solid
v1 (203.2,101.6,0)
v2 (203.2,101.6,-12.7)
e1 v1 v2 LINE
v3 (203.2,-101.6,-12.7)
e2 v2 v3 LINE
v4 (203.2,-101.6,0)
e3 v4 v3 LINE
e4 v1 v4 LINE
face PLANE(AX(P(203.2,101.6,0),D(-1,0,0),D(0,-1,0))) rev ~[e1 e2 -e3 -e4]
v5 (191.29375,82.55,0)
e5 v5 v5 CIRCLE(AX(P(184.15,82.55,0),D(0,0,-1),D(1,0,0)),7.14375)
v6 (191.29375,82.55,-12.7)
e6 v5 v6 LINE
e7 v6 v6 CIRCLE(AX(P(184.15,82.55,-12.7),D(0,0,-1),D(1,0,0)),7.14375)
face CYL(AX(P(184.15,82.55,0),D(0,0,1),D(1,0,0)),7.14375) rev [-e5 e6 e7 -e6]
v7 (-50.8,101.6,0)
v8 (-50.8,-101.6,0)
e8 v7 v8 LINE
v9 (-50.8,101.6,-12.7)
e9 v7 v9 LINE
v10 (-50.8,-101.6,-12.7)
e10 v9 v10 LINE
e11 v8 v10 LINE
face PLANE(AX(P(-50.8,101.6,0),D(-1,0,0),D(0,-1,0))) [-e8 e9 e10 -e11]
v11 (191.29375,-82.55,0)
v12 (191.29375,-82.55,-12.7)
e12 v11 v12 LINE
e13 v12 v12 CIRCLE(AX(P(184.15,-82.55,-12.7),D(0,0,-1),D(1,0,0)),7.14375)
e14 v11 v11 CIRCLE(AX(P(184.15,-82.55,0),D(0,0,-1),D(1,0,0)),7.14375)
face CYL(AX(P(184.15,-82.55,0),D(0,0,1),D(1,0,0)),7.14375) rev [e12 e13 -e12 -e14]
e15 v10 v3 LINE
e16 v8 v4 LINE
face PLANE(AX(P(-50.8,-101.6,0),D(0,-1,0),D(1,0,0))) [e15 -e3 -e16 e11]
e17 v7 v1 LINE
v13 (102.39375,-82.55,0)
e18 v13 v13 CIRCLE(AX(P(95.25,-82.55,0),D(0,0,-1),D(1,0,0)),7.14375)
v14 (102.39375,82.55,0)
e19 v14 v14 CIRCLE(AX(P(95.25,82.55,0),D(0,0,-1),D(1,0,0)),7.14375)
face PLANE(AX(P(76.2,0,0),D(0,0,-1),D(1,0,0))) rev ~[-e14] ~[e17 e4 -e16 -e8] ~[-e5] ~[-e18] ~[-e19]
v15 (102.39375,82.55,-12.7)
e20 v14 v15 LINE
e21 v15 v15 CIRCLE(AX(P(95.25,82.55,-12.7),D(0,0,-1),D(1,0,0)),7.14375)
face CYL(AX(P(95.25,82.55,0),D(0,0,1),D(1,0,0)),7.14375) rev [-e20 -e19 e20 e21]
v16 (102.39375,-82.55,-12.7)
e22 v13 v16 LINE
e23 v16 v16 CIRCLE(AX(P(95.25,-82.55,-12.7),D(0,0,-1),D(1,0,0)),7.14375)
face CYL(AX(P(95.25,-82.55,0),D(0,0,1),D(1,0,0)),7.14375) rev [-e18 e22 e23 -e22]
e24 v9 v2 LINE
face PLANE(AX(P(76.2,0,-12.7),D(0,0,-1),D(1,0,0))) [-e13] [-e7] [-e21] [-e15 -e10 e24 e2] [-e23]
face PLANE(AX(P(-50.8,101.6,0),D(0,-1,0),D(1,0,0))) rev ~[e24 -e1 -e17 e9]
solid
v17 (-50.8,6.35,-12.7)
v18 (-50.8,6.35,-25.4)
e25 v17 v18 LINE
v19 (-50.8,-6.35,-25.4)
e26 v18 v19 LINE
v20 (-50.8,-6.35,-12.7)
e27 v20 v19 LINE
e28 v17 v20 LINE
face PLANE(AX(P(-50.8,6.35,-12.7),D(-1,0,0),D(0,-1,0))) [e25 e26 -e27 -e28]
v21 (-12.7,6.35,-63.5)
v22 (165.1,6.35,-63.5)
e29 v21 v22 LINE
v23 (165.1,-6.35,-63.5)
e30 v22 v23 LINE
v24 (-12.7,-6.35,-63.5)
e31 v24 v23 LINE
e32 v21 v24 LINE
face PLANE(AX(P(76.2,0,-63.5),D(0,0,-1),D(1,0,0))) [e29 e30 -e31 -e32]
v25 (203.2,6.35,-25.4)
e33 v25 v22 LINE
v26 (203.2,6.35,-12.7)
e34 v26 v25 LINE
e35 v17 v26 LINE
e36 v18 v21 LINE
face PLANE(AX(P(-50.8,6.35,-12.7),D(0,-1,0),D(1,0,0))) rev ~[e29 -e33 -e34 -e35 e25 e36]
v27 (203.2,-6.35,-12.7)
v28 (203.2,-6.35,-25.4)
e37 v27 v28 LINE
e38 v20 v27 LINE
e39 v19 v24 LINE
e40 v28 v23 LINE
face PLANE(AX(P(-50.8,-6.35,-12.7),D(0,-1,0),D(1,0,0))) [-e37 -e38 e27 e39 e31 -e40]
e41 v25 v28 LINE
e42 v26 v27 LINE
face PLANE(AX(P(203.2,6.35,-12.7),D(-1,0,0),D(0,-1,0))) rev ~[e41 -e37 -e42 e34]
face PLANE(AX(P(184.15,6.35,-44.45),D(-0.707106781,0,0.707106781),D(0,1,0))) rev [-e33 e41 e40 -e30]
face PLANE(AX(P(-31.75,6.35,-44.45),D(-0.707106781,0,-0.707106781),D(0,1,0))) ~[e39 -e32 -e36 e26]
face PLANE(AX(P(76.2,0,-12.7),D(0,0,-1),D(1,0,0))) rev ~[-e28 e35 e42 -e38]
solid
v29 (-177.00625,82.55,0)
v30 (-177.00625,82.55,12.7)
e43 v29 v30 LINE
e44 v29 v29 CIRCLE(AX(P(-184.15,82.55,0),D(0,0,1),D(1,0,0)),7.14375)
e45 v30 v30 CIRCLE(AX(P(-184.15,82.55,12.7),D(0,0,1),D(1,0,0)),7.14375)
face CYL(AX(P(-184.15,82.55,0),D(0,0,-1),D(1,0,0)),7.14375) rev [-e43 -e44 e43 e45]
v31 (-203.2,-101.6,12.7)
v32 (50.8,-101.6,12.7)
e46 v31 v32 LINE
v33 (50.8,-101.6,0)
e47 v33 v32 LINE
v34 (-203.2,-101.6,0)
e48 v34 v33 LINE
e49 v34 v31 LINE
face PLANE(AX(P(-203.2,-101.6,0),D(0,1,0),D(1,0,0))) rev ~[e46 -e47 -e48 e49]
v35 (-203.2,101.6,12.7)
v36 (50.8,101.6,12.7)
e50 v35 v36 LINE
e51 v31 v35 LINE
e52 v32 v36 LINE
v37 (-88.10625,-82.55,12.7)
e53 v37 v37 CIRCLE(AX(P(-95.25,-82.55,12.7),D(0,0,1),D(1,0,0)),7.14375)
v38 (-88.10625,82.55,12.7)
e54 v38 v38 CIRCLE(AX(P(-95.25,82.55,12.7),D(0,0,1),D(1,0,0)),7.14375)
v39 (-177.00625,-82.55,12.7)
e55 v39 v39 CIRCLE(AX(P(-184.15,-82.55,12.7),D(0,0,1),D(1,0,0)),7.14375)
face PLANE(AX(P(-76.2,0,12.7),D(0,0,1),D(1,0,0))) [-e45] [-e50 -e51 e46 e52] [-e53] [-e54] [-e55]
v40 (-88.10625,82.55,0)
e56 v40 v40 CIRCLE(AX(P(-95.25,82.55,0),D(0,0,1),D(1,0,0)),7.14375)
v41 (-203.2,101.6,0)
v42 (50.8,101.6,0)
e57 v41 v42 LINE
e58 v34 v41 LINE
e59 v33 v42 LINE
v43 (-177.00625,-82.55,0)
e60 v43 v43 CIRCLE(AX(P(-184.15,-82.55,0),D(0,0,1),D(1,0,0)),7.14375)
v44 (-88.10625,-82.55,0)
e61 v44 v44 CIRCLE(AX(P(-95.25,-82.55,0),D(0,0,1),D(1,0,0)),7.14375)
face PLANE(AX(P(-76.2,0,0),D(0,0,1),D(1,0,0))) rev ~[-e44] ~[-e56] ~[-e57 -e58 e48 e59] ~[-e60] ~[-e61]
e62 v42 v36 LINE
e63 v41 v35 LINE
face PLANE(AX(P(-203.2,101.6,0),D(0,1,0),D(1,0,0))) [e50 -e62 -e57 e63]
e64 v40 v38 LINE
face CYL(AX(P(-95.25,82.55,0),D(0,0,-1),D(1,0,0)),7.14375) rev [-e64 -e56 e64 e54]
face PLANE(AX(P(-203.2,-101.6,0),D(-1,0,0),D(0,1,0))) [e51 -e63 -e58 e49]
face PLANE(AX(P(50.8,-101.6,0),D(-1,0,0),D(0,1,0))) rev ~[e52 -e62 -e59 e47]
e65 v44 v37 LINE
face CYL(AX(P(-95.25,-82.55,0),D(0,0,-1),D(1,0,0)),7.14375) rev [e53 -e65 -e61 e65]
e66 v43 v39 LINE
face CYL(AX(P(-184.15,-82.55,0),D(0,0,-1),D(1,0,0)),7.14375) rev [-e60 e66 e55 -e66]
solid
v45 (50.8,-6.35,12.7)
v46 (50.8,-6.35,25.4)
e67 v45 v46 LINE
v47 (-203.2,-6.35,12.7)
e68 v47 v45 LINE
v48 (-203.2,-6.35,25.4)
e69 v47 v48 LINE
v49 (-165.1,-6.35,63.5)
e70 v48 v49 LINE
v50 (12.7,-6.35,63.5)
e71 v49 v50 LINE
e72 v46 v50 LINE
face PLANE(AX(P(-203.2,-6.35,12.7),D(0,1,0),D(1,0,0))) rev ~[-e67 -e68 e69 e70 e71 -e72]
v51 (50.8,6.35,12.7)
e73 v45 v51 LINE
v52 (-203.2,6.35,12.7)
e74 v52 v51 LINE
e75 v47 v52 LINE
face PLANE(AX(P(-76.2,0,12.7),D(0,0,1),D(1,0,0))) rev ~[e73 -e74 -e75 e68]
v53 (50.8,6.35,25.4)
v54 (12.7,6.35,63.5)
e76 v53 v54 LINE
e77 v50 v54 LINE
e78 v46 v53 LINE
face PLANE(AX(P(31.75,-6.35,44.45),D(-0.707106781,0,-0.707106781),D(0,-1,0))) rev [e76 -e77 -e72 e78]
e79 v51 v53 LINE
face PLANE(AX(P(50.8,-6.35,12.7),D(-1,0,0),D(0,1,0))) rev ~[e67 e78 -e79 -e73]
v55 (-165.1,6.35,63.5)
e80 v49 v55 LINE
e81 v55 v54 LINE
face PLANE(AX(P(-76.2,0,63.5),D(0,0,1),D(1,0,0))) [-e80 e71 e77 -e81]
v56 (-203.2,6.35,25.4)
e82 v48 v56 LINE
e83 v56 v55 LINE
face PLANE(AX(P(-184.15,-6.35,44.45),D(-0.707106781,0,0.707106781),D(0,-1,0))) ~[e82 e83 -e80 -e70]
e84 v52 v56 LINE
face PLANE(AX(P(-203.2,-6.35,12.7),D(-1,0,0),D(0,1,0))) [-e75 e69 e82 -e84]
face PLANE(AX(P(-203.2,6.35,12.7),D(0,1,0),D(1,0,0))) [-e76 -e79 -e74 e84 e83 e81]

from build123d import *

# Parameters (mm, degrees)
F0_W     = 254
F0_H     = 203.2
F0_R     = 7.14375
F1_DEPTH = 12.7
F2_W     = 254
F2_H     = 203.2
F2_R     = 7.14375
F3_DEPTH = 12.7
F4_W     = 254
F4_H     = 12.7
F5_DEPTH = 50.8
F6_SIZE  = 38.1
F7_W     = 254
F7_H     = 12.7
F8_DEPTH = 50.8
F9_SIZE  = 38.1


with BuildPart() as f1:
    # F0 (on Top) → F1 (new body)
    with BuildSketch(Plane.XY):
        with Locations((-76.2, 0)):
            Rectangle(F0_W, F0_H)
        with Locations((-184.15, -82.55)):
            Circle(F0_R, mode=Mode.SUBTRACT)
        with Locations((-95.25, -82.55)):
            Circle(F0_R, mode=Mode.SUBTRACT)
        with Locations((-184.15, 82.55)):
            Circle(F0_R, mode=Mode.SUBTRACT)
        with Locations((-95.25, 82.55)):
            Circle(F0_R, mode=Mode.SUBTRACT)
    extrude(amount=F1_DEPTH)


with BuildPart() as f3:
    # F2 (on face) → F3 (new body)
    with BuildSketch(Plane(origin=(0, 0, 0), x_dir=(1, 0, 0), z_dir=(0, 0, -1))):
        with Locations((76.2, 0)):
            Rectangle(F2_W, F2_H)
        with Locations((95.25, -82.55)):
            Circle(F2_R, mode=Mode.SUBTRACT)
        with Locations((184.15, -82.55)):
            Circle(F2_R, mode=Mode.SUBTRACT)
        with Locations((95.25, 82.55)):
            Circle(F2_R, mode=Mode.SUBTRACT)
        with Locations((184.15, 82.55)):
            Circle(F2_R, mode=Mode.SUBTRACT)
    extrude(amount=F3_DEPTH)


with BuildPart() as f5:
    # F4 (on face) → F5 (new body)
    with BuildSketch(Plane.XY.offset(12.7)):
        with Locations((-76.2, 0)):
            Rectangle(F4_W, F4_H)
    extrude(amount=F5_DEPTH)

    # F6
    f6_edges = [f5.edges().sort_by_distance(p)[0] for p in [
        (-203.2, 0, 63.5),
        (50.8, 0, 63.5),
    ]]
    chamfer(f6_edges, length=F6_SIZE)


with BuildPart() as f8:
    # F7 (on face) → F8 (new body)
    with BuildSketch(Plane(origin=(0, 0, -12.7), x_dir=(1, 0, 0), z_dir=(0, 0, -1))):
        with Locations((76.2, 0)):
            Rectangle(F7_W, F7_H)
    extrude(amount=F8_DEPTH)

    # F9
    f9_edges = [f8.edges().sort_by_distance(p)[0] for p in [
        (203.2, 0, -63.5),
        (-50.8, 0, -63.5),
    ]]
    chamfer(f9_edges, length=F9_SIZE)


solid = Compound([f1.part, f3.part, f5.part, f8.part])
